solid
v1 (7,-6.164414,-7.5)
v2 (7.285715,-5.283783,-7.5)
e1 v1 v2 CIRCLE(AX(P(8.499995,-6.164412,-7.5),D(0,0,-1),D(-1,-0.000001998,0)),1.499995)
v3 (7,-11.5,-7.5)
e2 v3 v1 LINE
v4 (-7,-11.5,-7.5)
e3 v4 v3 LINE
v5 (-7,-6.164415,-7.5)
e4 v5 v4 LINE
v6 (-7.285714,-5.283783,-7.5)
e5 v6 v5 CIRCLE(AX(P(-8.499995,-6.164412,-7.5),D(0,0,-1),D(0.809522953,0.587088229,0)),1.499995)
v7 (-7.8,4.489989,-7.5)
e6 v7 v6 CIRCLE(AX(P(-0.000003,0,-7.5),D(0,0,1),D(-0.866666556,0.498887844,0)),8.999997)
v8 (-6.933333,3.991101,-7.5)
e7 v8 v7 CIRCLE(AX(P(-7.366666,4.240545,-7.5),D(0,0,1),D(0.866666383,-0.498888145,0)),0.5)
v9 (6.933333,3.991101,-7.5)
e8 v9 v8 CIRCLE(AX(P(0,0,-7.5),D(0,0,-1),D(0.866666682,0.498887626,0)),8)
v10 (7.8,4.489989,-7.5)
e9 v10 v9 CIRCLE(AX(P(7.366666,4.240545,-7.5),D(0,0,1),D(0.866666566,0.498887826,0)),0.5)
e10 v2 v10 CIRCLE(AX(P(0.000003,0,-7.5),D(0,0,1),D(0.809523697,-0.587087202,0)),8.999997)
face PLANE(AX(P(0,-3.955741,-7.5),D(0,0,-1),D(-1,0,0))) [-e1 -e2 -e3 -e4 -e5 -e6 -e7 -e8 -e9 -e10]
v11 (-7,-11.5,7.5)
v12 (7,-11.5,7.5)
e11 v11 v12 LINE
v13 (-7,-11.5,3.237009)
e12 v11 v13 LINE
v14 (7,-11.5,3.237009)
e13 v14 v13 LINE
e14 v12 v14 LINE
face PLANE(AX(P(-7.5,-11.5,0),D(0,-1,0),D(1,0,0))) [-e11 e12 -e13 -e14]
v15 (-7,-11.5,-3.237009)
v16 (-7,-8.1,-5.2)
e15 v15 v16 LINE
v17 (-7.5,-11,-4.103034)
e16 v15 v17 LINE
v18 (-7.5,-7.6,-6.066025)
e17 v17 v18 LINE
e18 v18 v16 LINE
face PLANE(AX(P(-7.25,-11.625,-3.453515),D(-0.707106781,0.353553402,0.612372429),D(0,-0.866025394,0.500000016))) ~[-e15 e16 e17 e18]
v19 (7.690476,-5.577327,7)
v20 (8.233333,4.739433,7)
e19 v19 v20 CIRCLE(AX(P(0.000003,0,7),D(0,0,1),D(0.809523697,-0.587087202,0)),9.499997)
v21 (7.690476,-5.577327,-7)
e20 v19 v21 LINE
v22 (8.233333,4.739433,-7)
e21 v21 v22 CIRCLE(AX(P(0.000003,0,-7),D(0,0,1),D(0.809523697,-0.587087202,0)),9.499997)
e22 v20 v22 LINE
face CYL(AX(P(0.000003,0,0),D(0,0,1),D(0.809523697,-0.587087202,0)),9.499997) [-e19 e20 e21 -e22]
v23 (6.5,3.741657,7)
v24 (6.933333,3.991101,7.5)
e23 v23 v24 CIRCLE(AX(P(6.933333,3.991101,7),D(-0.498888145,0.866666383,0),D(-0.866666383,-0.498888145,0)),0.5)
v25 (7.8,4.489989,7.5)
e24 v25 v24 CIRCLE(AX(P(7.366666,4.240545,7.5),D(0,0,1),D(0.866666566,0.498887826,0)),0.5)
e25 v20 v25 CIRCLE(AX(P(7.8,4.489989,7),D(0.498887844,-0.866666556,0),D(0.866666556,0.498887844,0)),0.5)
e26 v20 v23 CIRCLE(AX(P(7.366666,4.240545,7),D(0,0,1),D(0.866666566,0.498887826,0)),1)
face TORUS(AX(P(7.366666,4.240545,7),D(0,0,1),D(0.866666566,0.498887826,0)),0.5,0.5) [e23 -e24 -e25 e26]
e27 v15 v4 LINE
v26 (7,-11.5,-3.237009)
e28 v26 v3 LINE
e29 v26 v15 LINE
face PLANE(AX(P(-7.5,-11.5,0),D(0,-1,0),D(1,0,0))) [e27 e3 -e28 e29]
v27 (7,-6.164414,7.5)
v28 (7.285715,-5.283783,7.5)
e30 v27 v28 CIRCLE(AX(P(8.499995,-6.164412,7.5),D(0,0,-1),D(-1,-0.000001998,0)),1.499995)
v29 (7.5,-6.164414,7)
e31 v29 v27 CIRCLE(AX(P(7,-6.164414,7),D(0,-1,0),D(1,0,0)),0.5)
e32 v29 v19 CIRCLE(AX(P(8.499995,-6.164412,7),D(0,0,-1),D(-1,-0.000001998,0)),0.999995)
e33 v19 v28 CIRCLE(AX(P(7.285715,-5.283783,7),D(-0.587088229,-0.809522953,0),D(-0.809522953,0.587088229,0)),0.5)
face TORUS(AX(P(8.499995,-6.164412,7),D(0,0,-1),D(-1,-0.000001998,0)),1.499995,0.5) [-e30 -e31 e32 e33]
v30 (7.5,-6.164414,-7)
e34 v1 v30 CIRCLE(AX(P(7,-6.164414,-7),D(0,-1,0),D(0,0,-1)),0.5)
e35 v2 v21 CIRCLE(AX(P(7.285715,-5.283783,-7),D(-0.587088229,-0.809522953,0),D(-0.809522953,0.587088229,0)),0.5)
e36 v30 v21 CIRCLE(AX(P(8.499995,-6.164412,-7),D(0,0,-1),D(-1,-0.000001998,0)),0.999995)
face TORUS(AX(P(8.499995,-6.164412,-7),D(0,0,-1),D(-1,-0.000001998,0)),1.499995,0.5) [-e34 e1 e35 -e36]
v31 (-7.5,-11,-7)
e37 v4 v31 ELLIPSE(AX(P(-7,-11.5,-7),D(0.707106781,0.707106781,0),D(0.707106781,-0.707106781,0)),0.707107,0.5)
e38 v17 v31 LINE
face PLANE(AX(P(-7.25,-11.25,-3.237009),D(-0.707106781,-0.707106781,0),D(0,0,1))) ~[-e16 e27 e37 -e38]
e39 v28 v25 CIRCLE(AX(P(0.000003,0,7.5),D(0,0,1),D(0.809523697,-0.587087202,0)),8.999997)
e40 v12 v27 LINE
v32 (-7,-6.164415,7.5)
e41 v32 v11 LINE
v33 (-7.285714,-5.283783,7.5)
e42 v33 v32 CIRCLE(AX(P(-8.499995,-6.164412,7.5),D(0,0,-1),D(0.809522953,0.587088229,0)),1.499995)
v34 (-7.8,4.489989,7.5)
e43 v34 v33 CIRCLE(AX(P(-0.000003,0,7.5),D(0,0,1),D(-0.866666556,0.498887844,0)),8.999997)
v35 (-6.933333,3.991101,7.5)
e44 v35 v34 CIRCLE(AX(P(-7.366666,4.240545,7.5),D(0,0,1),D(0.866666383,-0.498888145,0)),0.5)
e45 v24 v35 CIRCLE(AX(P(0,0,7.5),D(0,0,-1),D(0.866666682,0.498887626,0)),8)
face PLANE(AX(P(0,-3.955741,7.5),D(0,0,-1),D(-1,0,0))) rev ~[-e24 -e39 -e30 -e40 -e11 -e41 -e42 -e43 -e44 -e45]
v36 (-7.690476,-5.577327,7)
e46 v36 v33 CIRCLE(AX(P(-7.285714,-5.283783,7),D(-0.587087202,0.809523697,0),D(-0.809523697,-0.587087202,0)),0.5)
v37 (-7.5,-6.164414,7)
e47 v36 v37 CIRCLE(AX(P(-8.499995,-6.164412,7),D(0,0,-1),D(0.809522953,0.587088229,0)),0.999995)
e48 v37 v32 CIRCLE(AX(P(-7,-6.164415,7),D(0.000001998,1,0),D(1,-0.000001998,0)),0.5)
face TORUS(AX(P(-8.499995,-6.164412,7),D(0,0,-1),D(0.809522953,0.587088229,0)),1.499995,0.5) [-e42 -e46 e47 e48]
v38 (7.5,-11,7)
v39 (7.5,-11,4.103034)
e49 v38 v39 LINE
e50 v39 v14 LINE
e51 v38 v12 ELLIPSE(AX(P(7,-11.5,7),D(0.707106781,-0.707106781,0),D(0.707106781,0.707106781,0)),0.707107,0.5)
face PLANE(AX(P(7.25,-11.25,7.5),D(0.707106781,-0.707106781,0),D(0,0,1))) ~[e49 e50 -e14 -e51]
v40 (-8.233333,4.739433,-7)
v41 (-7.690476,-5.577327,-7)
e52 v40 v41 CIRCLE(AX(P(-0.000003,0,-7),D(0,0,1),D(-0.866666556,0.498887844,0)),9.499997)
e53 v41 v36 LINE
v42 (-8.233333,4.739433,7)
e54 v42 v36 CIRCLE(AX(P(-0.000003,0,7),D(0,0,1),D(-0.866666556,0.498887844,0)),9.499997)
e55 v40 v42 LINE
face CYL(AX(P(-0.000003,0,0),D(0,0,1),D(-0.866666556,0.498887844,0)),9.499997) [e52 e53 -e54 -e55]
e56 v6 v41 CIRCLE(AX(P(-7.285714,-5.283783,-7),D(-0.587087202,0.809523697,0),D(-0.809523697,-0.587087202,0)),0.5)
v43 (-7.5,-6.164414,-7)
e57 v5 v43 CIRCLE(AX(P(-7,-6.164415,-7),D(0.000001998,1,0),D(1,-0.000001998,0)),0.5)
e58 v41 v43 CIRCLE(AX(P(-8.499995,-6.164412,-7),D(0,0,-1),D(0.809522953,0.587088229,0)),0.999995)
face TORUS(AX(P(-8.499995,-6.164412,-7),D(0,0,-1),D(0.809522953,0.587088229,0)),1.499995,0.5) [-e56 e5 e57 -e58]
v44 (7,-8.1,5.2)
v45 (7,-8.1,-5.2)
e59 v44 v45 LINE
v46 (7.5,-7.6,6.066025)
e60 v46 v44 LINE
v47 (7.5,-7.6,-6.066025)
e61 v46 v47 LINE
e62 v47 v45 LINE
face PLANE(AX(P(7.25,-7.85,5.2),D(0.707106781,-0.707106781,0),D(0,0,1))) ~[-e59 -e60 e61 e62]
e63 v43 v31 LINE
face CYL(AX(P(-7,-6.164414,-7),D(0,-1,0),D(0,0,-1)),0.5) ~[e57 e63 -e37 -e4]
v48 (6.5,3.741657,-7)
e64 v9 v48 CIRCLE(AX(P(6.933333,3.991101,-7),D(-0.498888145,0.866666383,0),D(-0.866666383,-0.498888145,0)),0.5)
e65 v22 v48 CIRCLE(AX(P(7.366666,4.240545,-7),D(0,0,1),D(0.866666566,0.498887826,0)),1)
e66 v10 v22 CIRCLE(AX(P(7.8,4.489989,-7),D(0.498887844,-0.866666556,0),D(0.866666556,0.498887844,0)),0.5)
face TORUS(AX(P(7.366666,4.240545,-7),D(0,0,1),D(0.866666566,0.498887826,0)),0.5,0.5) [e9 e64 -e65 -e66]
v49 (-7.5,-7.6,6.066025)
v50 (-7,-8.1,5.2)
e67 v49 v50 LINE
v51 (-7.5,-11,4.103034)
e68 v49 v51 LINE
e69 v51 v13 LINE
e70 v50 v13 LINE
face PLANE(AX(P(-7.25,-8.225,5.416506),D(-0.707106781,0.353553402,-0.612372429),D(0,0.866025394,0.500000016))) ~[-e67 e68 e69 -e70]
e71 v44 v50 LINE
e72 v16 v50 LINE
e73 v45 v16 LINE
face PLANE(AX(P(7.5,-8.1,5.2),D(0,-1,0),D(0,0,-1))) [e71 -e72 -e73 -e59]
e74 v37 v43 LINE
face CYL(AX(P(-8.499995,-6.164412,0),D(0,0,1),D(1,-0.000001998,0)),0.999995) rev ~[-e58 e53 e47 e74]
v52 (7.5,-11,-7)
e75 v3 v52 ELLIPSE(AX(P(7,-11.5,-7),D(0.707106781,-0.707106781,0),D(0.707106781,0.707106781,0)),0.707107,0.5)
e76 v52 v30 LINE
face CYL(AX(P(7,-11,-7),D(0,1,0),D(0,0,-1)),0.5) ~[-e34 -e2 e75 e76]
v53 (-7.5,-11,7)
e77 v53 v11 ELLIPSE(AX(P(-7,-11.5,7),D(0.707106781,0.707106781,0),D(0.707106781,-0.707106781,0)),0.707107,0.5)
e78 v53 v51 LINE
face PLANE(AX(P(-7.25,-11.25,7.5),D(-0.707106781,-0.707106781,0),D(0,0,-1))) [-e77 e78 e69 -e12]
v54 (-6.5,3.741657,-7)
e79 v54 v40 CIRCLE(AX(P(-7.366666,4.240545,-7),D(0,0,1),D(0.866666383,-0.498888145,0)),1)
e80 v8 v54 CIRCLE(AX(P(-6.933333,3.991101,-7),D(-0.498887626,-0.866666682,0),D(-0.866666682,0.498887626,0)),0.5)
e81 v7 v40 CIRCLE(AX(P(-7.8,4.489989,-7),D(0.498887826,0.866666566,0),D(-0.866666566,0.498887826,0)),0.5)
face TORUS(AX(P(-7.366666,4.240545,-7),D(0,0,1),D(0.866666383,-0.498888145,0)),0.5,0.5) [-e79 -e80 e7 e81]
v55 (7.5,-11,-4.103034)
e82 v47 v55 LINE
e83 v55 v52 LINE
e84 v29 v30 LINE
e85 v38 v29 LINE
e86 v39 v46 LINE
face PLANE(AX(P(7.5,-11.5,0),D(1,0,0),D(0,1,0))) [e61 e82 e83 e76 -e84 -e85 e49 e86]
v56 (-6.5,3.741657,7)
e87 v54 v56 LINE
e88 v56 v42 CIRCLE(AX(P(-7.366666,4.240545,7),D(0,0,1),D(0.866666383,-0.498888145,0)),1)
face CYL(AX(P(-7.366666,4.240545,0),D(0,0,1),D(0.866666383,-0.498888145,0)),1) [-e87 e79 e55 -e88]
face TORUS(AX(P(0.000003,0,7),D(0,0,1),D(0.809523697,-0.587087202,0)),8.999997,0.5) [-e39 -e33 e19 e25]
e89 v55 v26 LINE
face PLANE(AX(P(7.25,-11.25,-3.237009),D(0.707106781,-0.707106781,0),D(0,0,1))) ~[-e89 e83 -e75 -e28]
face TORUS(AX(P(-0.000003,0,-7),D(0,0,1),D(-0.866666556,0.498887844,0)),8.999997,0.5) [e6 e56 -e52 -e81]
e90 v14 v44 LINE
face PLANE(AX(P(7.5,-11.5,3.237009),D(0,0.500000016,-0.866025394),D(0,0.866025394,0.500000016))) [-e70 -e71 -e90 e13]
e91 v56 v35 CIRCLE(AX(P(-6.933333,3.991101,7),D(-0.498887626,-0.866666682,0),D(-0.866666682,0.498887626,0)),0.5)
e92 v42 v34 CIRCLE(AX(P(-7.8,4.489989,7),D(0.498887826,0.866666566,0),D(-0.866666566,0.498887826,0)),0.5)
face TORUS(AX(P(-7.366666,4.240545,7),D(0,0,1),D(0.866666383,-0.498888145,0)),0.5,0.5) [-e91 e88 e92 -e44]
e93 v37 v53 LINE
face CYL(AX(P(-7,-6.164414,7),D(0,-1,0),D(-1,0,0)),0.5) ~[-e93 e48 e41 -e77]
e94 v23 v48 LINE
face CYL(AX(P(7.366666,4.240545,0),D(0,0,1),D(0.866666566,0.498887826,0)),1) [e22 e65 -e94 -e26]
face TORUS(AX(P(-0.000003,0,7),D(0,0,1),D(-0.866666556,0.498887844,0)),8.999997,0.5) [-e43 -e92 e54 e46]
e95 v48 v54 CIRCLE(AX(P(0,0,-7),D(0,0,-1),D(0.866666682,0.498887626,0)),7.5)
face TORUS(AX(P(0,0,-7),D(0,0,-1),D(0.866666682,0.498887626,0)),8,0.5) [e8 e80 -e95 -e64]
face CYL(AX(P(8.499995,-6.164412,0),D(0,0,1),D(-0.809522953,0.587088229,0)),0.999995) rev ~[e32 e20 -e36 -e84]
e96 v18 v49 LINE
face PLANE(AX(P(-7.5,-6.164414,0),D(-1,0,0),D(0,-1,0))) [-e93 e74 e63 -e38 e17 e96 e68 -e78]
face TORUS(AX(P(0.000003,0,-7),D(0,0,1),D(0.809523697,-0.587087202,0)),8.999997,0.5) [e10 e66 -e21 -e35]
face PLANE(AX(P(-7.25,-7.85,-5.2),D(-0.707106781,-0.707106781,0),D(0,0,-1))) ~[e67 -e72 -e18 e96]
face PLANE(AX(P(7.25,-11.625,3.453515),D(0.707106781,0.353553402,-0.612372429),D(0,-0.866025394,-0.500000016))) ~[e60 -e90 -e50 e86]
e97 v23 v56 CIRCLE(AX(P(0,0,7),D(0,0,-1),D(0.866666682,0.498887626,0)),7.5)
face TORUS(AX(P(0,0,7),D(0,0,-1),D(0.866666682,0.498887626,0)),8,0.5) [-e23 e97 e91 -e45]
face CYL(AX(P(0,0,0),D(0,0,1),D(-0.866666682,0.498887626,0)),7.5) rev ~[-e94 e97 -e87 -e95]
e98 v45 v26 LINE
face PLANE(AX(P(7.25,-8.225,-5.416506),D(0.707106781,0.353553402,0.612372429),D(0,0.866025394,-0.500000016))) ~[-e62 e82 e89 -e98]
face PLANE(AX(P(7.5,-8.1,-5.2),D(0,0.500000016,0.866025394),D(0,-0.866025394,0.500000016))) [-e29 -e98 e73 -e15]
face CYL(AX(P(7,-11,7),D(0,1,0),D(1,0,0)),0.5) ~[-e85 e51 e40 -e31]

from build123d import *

# Parameters (mm, degrees)
PAD001_DEPTH    = 7.5
POCKET_DEPTH    = 17.001
CHAMFER002_SIZE = 0.5
CHAMFER003_SIZE = 0.5
FILLET002_R     = 0.5
FILLET003_R     = 0.5


with BuildPart() as part:
    # Sketch002 → Pad001 (new body, symmetric)
    with BuildSketch(Plane.XY):
        with BuildLine():
            ThreePointArc((-6.5, 3.741657), (0, -7.5), (6.5, 3.741657))
            ThreePointArc((8.233333, 4.739433), (6.867779, 5.107212), (6.5, 3.741657))
            ThreePointArc((7.690476, -5.577327), (9.486876, -0.49919), (8.233333, 4.739433))
            ThreePointArc((7.690476, -5.577327), (7.54881, -5.855807), (7.5, -6.164414))
            Line((7.5, -11.5), (7.5, -6.164414))
            Line((-7.5, -11.5), (7.5, -11.5))
            Line((-7.5, -6.164414), (-7.5, -11.5))
            ThreePointArc((-7.5, -6.164414), (-7.54881, -5.855807), (-7.690476, -5.577327))
            ThreePointArc((-8.233333, 4.739433), (-9.486876, -0.49919), (-7.690476, -5.577327))
            ThreePointArc((-6.5, 3.741657), (-6.867779, 5.107212), (-8.233333, 4.739433))
        make_face()
    extrude(amount=PAD001_DEPTH, both=True)

    # Sketch003 (on Face6 of Pad001) → Pocket (cut, through all)
    with BuildSketch(Plane.YZ.offset(7.5)):
        Polygon((-11.5, -3.237009), (-11.5, 3.237009), (-8.1, 5.2), (-8.1, -5.2), align=None)
    extrude(amount=-POCKET_DEPTH, mode=Mode.SUBTRACT)

    # Chamfer002
    chamfer002_edges = [part.edges().sort_by_distance(p)[0] for p in [
        (7.5, -11.5, 5.368505),
        (7.5, -9.8, 4.218505),
        (7.5, -8.1, 0),
        (7.5, -9.8, -4.218505),
        (7.5, -11.5, -5.368505),
    ]]
    chamfer(chamfer002_edges, length=CHAMFER002_SIZE)

    # Chamfer003
    chamfer003_edges = [part.edges().sort_by_distance(p)[0] for p in [
        (-7.5, -11.5, -5.368505),
        (-7.5, -9.8, -4.218505),
        (-7.5, -8.1, 0),
        (-7.5, -9.8, 4.218505),
        (-7.5, -11.5, 5.368505),
    ]]
    chamfer(chamfer003_edges, length=CHAMFER003_SIZE)

    # Fillet002
    fillet002_edges = [part.edges().sort_by_distance(p)[0] for p in [
        (6.867779, 5.107212, -7.5),
    ]]
    fillet(fillet002_edges, radius=FILLET002_R)

    # Fillet003
    fillet003_edges = [part.edges().sort_by_distance(p)[0] for p in [
        (6.867779, 5.107212, 7.5),
    ]]
    fillet(fillet003_edges, radius=FILLET003_R)


solid = part.part
